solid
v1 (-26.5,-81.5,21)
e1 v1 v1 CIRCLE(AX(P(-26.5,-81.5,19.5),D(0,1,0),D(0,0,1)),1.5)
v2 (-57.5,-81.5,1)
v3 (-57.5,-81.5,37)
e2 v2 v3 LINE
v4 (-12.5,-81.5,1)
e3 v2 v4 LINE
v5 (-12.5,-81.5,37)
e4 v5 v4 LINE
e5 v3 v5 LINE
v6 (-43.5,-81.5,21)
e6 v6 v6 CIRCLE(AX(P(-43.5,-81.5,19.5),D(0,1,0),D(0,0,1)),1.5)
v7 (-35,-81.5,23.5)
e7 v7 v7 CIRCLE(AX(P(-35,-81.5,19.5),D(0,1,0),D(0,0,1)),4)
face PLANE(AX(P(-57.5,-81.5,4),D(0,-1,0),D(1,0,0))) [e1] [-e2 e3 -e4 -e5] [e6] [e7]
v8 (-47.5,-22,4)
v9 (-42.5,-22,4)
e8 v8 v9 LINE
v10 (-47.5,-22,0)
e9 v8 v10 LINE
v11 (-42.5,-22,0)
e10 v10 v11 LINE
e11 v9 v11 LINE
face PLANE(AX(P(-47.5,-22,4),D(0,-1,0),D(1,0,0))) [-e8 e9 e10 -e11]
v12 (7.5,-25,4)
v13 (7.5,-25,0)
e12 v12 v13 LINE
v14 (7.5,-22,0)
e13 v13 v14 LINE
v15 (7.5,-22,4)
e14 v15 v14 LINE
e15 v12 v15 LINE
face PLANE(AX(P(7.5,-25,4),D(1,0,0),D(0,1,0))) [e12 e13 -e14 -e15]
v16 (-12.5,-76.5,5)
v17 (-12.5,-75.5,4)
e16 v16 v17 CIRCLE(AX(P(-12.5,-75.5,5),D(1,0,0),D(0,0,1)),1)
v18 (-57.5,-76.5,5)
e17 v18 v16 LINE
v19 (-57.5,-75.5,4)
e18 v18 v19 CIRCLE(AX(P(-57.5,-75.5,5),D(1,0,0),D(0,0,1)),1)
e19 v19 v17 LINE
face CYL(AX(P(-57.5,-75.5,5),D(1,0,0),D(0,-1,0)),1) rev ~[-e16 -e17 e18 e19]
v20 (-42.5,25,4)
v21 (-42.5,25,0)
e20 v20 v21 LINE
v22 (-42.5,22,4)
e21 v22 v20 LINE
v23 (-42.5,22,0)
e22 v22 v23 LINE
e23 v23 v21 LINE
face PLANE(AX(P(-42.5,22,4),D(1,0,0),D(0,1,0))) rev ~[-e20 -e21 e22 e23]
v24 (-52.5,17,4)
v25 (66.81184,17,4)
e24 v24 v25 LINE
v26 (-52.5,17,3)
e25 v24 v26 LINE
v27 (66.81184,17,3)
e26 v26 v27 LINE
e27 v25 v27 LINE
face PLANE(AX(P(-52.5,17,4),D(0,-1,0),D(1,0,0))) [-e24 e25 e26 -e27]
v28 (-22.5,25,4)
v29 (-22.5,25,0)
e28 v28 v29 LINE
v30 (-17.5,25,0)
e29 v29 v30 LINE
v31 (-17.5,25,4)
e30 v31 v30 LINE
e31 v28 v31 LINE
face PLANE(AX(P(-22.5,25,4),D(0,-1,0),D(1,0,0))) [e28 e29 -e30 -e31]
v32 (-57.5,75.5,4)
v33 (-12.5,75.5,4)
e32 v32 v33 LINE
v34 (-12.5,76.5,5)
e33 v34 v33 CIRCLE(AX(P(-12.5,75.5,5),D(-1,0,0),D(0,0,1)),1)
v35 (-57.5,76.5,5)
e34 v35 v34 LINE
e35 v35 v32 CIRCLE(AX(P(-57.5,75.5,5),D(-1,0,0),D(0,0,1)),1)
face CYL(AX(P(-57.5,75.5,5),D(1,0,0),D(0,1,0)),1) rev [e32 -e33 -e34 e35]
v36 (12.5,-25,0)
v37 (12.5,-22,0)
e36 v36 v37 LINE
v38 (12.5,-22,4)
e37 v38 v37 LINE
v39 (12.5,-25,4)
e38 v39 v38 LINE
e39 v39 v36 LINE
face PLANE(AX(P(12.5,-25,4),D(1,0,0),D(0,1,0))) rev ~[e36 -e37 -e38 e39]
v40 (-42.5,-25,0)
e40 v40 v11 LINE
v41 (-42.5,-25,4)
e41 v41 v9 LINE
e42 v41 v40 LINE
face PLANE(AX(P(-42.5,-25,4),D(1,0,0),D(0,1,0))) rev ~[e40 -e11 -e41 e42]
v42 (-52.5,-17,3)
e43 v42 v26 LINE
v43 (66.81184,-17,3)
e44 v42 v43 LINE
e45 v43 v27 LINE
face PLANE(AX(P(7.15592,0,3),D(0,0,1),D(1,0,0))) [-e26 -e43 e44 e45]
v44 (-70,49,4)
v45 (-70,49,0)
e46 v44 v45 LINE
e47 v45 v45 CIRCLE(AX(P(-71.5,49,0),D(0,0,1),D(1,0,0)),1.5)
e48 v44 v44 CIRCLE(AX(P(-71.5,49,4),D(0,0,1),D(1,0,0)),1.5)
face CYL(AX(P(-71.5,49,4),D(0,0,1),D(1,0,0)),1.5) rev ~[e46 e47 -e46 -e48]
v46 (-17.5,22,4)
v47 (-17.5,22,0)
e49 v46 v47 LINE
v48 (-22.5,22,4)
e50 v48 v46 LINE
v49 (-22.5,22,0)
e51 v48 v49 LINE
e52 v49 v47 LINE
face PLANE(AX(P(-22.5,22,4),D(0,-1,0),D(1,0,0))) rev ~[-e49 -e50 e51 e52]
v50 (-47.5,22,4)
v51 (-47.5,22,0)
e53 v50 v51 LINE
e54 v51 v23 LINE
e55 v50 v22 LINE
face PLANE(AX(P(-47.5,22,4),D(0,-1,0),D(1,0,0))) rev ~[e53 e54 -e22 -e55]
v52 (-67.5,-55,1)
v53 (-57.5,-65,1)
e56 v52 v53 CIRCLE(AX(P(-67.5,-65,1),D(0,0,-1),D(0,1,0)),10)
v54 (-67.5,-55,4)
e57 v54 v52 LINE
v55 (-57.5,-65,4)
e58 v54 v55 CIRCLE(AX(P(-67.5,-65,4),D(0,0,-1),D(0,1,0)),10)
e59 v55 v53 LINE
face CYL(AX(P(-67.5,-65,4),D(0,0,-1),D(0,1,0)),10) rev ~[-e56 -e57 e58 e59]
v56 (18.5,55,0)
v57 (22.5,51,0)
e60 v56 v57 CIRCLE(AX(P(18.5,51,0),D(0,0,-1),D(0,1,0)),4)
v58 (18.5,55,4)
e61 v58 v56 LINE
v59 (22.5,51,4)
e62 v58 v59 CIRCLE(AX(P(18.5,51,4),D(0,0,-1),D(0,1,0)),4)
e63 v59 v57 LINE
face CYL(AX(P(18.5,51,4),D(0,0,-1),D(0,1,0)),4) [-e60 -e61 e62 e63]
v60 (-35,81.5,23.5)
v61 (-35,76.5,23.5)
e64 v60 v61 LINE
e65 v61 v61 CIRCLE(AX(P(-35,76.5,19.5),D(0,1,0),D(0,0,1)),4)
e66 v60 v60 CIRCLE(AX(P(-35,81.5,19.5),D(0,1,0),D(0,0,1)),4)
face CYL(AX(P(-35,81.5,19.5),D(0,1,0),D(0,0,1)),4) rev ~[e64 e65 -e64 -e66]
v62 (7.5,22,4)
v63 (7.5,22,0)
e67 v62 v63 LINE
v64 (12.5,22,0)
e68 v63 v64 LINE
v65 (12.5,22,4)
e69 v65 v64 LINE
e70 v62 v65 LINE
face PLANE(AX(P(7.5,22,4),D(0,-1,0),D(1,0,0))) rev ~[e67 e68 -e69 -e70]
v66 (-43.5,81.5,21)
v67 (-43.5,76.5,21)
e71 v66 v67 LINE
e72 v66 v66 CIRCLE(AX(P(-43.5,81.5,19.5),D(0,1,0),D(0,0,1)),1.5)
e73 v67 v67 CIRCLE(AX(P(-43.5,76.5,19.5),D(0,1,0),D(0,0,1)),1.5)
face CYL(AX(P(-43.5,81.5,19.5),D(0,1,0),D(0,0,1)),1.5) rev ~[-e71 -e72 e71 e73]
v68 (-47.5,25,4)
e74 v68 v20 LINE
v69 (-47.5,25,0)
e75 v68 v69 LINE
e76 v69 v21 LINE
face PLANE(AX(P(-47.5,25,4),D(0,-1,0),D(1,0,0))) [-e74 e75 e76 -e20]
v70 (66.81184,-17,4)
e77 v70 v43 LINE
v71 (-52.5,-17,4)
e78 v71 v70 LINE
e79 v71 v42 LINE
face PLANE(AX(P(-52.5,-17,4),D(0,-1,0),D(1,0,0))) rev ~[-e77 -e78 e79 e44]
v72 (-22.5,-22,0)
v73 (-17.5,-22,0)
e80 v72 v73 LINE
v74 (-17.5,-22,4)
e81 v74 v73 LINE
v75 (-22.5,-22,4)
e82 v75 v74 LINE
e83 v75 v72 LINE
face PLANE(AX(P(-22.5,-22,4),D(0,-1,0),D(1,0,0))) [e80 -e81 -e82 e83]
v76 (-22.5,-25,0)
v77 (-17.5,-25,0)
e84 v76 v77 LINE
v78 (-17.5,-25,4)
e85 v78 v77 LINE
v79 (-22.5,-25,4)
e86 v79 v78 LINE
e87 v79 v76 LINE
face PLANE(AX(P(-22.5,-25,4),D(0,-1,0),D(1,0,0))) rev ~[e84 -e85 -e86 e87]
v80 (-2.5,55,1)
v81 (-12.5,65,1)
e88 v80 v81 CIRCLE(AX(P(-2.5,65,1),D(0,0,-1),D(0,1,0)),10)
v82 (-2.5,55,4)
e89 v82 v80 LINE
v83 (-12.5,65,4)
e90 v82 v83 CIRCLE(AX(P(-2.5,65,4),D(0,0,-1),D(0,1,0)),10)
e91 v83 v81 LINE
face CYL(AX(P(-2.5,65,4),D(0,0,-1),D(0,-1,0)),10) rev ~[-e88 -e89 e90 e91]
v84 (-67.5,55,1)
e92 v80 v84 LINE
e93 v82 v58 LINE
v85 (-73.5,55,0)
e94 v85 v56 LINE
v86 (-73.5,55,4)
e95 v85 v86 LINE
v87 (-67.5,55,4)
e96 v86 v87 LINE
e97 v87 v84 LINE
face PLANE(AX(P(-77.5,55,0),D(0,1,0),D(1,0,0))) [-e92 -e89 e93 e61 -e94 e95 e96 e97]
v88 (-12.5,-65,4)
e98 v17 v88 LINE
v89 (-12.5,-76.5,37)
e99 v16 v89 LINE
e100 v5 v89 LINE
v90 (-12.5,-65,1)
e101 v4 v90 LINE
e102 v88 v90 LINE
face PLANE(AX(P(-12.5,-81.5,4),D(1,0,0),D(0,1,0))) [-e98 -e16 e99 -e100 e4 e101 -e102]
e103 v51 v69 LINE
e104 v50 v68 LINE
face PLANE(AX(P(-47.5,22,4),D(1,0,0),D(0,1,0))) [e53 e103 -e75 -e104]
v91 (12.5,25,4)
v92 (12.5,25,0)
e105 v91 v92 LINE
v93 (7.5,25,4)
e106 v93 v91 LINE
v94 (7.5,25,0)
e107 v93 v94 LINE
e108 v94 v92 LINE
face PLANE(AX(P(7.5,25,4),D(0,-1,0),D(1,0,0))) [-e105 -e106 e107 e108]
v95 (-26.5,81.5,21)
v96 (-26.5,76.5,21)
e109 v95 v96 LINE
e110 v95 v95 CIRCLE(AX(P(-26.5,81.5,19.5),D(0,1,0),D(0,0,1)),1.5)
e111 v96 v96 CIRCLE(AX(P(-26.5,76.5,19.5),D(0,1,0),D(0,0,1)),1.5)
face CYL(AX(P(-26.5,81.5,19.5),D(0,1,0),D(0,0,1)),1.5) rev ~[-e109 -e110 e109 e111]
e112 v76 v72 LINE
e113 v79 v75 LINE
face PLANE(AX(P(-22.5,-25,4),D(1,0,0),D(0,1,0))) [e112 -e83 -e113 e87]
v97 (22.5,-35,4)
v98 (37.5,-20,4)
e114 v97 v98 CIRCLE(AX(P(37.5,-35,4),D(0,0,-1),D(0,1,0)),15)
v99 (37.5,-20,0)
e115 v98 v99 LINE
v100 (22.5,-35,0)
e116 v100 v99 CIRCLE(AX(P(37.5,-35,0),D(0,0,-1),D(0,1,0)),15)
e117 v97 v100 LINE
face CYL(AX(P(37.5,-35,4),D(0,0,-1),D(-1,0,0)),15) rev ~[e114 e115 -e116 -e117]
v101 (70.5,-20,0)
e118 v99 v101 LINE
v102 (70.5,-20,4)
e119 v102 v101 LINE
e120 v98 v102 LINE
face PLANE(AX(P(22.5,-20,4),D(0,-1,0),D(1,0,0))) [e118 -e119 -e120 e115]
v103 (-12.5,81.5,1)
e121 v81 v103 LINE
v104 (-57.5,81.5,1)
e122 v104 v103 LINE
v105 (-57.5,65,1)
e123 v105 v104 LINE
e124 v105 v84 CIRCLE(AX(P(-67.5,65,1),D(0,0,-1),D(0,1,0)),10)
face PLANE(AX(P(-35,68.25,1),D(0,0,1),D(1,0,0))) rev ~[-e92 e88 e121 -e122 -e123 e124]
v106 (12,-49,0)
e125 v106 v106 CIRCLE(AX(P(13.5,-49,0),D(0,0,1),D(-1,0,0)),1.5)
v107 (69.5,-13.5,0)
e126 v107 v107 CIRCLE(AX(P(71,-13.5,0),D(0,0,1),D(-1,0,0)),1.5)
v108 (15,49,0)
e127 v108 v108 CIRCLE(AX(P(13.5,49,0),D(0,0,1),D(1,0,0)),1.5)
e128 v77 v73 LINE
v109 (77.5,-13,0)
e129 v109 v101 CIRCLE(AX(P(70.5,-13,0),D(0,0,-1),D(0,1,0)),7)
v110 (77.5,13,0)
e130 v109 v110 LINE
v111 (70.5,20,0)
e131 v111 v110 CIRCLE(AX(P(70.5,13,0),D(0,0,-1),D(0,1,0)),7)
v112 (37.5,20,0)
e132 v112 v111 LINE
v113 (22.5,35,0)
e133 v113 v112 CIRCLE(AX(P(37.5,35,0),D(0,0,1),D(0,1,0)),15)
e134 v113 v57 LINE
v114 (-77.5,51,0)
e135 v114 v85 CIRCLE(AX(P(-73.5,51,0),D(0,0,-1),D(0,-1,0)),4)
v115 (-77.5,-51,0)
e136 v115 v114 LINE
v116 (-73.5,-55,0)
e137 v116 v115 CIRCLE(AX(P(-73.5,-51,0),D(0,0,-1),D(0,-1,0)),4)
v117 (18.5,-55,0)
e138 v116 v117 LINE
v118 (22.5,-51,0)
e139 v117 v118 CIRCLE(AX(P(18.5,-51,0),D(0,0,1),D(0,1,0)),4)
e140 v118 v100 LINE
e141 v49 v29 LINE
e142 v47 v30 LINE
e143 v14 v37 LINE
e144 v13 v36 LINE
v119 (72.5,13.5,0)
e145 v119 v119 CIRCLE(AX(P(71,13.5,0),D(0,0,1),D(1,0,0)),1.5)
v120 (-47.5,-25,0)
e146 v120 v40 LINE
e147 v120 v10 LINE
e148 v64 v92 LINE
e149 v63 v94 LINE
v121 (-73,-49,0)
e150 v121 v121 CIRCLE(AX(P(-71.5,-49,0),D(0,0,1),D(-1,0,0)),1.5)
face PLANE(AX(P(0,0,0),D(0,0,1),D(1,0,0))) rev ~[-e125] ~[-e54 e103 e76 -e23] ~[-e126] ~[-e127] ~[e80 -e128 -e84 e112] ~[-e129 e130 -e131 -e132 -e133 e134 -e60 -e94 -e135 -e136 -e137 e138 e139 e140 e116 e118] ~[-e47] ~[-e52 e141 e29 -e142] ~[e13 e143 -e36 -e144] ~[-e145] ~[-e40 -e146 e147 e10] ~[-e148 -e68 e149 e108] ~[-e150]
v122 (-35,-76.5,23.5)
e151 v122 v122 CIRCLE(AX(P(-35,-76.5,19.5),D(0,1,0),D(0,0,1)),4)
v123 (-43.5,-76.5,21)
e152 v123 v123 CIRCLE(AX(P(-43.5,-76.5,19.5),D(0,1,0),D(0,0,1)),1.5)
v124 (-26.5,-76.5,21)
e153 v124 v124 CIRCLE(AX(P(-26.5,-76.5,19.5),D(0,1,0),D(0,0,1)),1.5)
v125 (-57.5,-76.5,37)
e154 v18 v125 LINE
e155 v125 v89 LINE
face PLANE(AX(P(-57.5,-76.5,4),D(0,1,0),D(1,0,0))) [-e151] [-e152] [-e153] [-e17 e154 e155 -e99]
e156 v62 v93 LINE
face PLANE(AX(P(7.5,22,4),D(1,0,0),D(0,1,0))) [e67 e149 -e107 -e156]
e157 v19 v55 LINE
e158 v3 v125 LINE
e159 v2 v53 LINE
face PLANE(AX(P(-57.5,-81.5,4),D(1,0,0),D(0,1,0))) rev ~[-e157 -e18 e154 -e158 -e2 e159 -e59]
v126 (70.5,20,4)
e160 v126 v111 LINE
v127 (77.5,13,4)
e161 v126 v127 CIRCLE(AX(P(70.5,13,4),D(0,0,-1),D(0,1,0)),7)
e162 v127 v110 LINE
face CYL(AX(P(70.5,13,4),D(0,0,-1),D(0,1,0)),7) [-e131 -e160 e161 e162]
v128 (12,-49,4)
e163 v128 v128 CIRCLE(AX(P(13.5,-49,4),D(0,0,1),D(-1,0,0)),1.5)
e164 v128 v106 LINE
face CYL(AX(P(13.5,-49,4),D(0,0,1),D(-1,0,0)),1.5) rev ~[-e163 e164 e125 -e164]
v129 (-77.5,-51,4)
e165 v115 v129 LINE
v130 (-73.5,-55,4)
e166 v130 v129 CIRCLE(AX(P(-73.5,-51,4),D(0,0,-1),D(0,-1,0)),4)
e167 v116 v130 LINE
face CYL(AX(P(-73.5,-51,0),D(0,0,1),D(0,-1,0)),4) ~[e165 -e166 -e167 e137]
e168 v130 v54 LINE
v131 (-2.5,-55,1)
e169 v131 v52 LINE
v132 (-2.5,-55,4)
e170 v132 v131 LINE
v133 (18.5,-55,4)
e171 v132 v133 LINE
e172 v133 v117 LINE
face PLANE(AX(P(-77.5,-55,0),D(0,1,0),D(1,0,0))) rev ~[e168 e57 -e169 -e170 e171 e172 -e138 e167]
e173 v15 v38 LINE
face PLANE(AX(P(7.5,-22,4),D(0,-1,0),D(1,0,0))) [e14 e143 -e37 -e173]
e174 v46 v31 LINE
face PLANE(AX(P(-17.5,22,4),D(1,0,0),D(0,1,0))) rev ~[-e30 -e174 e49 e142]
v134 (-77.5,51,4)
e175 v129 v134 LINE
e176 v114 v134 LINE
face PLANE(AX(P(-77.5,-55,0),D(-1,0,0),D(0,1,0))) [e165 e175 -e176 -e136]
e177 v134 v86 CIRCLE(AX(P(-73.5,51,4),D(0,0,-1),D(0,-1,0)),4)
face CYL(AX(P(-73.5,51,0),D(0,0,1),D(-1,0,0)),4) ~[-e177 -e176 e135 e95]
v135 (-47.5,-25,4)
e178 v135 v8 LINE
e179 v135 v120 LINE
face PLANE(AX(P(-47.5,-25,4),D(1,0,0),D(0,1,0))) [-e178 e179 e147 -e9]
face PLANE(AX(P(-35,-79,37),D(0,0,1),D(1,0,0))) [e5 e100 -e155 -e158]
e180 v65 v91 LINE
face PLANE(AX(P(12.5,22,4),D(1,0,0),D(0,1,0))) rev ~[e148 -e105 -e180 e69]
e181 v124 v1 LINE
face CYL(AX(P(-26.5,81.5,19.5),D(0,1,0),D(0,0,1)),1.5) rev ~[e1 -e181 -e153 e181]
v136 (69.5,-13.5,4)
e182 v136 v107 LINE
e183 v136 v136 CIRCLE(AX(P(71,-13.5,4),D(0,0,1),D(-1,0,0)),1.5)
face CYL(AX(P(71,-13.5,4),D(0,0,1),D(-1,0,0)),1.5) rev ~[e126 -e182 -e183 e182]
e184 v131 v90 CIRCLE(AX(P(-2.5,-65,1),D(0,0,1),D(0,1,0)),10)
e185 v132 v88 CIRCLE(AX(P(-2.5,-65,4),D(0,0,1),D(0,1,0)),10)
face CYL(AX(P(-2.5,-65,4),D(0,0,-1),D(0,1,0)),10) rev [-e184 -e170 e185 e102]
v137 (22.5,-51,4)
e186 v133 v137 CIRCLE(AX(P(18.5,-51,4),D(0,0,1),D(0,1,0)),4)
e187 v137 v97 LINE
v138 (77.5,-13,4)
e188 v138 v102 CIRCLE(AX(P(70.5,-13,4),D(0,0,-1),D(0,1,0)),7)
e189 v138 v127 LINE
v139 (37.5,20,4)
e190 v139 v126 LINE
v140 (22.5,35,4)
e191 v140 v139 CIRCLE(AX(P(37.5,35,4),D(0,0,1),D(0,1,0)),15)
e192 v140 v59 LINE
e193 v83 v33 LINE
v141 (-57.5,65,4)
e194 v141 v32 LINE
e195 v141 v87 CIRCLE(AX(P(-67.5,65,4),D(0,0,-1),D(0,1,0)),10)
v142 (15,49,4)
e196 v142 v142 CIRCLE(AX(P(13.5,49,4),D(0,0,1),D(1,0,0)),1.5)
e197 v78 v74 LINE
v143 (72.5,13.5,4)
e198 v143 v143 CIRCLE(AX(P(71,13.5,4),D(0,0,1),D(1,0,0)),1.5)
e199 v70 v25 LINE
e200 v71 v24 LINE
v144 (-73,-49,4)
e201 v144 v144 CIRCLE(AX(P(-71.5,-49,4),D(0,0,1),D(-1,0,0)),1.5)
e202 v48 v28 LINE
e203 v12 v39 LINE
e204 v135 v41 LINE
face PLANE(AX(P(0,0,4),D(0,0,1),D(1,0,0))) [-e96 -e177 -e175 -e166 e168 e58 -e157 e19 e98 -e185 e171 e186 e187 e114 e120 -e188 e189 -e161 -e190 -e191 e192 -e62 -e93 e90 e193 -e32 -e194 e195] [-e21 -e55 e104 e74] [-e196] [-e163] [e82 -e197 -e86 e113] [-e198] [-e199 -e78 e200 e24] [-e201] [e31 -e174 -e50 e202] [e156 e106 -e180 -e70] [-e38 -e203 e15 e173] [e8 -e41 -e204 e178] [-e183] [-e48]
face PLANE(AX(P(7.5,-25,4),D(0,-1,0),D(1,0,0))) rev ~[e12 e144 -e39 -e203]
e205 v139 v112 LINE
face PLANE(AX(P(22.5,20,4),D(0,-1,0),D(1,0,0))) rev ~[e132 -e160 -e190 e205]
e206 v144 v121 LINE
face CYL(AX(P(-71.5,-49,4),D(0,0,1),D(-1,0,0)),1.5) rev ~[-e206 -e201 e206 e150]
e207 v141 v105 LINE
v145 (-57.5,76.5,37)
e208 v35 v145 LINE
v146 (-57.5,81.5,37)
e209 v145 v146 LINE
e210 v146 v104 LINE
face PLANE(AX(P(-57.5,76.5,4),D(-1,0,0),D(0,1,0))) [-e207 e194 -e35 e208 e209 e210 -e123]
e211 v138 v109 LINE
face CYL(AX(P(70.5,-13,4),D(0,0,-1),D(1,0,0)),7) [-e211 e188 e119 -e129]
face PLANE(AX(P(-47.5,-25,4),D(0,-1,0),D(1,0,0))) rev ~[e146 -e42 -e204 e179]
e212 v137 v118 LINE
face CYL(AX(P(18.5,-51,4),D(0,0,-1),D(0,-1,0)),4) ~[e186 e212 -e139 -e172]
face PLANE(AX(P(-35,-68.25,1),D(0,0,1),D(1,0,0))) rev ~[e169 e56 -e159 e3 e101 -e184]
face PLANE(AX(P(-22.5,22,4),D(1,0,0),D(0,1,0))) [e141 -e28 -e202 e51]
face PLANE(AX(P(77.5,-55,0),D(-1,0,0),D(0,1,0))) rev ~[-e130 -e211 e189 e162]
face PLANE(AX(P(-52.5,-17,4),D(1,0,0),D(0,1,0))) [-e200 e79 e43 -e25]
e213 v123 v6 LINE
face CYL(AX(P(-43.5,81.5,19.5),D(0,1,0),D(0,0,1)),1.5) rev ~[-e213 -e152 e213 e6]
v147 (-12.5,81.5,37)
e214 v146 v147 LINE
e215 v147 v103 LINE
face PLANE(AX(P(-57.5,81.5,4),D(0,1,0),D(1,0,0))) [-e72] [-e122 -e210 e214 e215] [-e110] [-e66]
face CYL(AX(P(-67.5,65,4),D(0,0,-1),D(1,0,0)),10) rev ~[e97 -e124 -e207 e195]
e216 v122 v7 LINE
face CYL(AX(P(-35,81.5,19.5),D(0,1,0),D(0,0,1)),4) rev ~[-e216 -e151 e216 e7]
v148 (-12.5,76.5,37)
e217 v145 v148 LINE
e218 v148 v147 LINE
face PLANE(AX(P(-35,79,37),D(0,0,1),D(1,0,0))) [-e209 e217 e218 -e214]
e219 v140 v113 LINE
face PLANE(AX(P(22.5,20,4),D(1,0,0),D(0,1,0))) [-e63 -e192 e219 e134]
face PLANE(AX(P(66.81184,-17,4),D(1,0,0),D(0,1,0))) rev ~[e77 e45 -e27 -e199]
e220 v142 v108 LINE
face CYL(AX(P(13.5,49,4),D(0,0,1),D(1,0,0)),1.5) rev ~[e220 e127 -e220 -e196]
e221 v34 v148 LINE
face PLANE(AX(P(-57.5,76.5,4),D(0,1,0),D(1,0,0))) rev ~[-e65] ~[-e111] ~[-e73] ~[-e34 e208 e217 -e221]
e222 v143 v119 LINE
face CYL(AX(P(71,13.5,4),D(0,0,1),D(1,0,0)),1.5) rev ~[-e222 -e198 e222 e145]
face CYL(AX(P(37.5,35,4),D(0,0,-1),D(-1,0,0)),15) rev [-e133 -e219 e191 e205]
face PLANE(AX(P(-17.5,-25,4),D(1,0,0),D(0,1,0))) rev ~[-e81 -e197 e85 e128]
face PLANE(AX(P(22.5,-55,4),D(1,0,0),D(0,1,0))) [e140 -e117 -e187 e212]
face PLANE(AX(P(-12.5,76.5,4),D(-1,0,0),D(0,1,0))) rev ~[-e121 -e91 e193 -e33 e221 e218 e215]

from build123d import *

# Parameters (mm, degrees)
SKETCH1_W           = 155
SKETCH1_H           = 110
BOSS_EXTRUDE1_DEPTH = 4
SKETCH2_W           = 55
SKETCH2_H           = 35
SKETCH2_R           = 1.5
CUT_EXTRUDE1_DEPTH  = 148
FILLET2_R           = 15
FILLET3_R           = 7
SKETCH3_W           = 45
SKETCH3_H           = 26.5
BOSS_EXTRUDE2_DEPTH = 3
SKETCH5_W           = 45
SKETCH5_H           = 5
BOSS_EXTRUDE3_DEPTH = 33
SKETCH6_R           = 4
SKETCH6_R_2         = 1.5
CUT_EXTRUDE2_DEPTH  = 223
FILLET4_R           = 10
FILLET5_R           = 1
SKETCH9_W           = 119.31184044
SKETCH9_H           = 34
CUT_EXTRUDE4_DEPTH  = 1
FILLET8_R           = 4
SKETCH10_W          = 5
SKETCH10_H          = 3
CUT_EXTRUDE5_DEPTH  = 4


with BuildPart() as part:
    # Sketch1 → Boss-Extrude1 (new body)
    with BuildSketch(Plane.XY):
        Rectangle(SKETCH1_W, SKETCH1_H)
    extrude(amount=BOSS_EXTRUDE1_DEPTH)

    # Sketch2 → Cut-Extrude1 (cut)
    with BuildSketch(Plane.XY.offset(4)):
        with Locations((50, -37.5)):
            Rectangle(SKETCH2_W, SKETCH2_H)
        with Locations((50, 37.5)):
            Rectangle(SKETCH2_W, SKETCH2_H)
        with Locations((-71.5, 49)):
            Circle(SKETCH2_R)
        with Locations(Location((-71.5, -49, 0), (0, 0, 180))):
            Circle(SKETCH2_R)
        with Locations((71, 13.5)):
            Circle(SKETCH2_R)
        with Locations(Location((71, -13.5, 0), (0, 0, 180))):
            Circle(SKETCH2_R)
        with Locations((13.5, 49)):
            Circle(SKETCH2_R)
        with Locations(Location((13.5, -49, 0), (0, 0, 180))):
            Circle(SKETCH2_R)
    extrude(amount=-CUT_EXTRUDE1_DEPTH, mode=Mode.SUBTRACT)

    # Fillet2
    fillet2_edges = [part.edges().sort_by_distance(p)[0] for p in [
        (22.5, 20, 2),
        (22.5, -20, 2),
    ]]
    fillet(fillet2_edges, radius=FILLET2_R)

    # Fillet3
    fillet3_edges = [part.edges().sort_by_distance(p)[0] for p in [
        (77.5, 20, 2),
        (77.5, -20, 2),
    ]]
    fillet(fillet3_edges, radius=FILLET3_R)

    # Sketch3 → Boss-Extrude2 (add)
    with BuildSketch(Plane.XY.offset(4)):
        with Locations((-35, 68.25)):
            Rectangle(SKETCH3_W, SKETCH3_H)
        with Locations((-35, -68.25)):
            Rectangle(SKETCH3_W, SKETCH3_H)
    extrude(amount=-BOSS_EXTRUDE2_DEPTH)

    # Sketch5 → Boss-Extrude3 (add)
    with BuildSketch(Plane.XY.offset(4)):
        with Locations((-35, 79)):
            Rectangle(SKETCH5_W, SKETCH5_H)
        with Locations((-35, -79)):
            Rectangle(SKETCH5_W, SKETCH5_H)
    extrude(amount=BOSS_EXTRUDE3_DEPTH)

    # Sketch6 → Cut-Extrude2 (cut)
    with BuildSketch(Plane(origin=(0, 81.5, 0), x_dir=(1, 0, 0), z_dir=(0, 1, 0))):
        with Locations(Location((-35, -19.5, 0), (0, 0, 270))):
            Circle(SKETCH6_R)
        with Locations(Location((-43.5, -19.5, 0), (0, 0, 270))):
            Circle(SKETCH6_R_2)
        with Locations(Location((-26.5, -19.5, 0), (0, 0, 270))):
            Circle(SKETCH6_R_2)
    extrude(amount=-CUT_EXTRUDE2_DEPTH, mode=Mode.SUBTRACT)

    # Fillet4
    fillet4_edges = [part.edges().sort_by_distance(p)[0] for p in [
        (-12.5, 55, 2.5),
        (-57.5, 55, 2.5),
        (-57.5, -55, 2.5),
        (-12.5, -55, 2.5),
    ]]
    fillet(fillet4_edges, radius=FILLET4_R)

    # Fillet5
    fillet5_edges = [part.edges().sort_by_distance(p)[0] for p in [
        (-35, 76.5, 4),
        (-35, -76.5, 4),
    ]]
    fillet(fillet5_edges, radius=FILLET5_R)

    # Sketch9 → Cut-Extrude4 (cut)
    with BuildSketch(Plane.XY.offset(4)):
        with Locations((7.15592022, 0)):
            Rectangle(SKETCH9_W, SKETCH9_H)
    extrude(amount=-CUT_EXTRUDE4_DEPTH, mode=Mode.SUBTRACT)

    # Fillet8
    fillet8_edges = [part.edges().sort_by_distance(p)[0] for p in [
        (22.5, 55, 2),
        (22.5, -55, 2),
        (-77.5, 55, 2),
        (-77.5, -55, 2),
    ]]
    fillet(fillet8_edges, radius=FILLET8_R)

    # Sketch10 → Cut-Extrude5 (cut)
    with BuildSketch(Plane.XY.offset(4)):
        with Locations((-45, 23.5)):
            Rectangle(SKETCH10_W, SKETCH10_H)
        with Locations((-20, 23.5)):
            Rectangle(SKETCH10_W, SKETCH10_H)
        with Locations((10, 23.5)):
            Rectangle(SKETCH10_W, SKETCH10_H)
        with Locations((10, -23.5)):
            Rectangle(SKETCH10_W, SKETCH10_H)
        with Locations((-20, -23.5)):
            Rectangle(SKETCH10_W, SKETCH10_H)
        with Locations((-45, -23.5)):
            Rectangle(SKETCH10_W, SKETCH10_H)
    extrude(amount=-CUT_EXTRUDE5_DEPTH, mode=Mode.SUBTRACT)


solid = part.part
